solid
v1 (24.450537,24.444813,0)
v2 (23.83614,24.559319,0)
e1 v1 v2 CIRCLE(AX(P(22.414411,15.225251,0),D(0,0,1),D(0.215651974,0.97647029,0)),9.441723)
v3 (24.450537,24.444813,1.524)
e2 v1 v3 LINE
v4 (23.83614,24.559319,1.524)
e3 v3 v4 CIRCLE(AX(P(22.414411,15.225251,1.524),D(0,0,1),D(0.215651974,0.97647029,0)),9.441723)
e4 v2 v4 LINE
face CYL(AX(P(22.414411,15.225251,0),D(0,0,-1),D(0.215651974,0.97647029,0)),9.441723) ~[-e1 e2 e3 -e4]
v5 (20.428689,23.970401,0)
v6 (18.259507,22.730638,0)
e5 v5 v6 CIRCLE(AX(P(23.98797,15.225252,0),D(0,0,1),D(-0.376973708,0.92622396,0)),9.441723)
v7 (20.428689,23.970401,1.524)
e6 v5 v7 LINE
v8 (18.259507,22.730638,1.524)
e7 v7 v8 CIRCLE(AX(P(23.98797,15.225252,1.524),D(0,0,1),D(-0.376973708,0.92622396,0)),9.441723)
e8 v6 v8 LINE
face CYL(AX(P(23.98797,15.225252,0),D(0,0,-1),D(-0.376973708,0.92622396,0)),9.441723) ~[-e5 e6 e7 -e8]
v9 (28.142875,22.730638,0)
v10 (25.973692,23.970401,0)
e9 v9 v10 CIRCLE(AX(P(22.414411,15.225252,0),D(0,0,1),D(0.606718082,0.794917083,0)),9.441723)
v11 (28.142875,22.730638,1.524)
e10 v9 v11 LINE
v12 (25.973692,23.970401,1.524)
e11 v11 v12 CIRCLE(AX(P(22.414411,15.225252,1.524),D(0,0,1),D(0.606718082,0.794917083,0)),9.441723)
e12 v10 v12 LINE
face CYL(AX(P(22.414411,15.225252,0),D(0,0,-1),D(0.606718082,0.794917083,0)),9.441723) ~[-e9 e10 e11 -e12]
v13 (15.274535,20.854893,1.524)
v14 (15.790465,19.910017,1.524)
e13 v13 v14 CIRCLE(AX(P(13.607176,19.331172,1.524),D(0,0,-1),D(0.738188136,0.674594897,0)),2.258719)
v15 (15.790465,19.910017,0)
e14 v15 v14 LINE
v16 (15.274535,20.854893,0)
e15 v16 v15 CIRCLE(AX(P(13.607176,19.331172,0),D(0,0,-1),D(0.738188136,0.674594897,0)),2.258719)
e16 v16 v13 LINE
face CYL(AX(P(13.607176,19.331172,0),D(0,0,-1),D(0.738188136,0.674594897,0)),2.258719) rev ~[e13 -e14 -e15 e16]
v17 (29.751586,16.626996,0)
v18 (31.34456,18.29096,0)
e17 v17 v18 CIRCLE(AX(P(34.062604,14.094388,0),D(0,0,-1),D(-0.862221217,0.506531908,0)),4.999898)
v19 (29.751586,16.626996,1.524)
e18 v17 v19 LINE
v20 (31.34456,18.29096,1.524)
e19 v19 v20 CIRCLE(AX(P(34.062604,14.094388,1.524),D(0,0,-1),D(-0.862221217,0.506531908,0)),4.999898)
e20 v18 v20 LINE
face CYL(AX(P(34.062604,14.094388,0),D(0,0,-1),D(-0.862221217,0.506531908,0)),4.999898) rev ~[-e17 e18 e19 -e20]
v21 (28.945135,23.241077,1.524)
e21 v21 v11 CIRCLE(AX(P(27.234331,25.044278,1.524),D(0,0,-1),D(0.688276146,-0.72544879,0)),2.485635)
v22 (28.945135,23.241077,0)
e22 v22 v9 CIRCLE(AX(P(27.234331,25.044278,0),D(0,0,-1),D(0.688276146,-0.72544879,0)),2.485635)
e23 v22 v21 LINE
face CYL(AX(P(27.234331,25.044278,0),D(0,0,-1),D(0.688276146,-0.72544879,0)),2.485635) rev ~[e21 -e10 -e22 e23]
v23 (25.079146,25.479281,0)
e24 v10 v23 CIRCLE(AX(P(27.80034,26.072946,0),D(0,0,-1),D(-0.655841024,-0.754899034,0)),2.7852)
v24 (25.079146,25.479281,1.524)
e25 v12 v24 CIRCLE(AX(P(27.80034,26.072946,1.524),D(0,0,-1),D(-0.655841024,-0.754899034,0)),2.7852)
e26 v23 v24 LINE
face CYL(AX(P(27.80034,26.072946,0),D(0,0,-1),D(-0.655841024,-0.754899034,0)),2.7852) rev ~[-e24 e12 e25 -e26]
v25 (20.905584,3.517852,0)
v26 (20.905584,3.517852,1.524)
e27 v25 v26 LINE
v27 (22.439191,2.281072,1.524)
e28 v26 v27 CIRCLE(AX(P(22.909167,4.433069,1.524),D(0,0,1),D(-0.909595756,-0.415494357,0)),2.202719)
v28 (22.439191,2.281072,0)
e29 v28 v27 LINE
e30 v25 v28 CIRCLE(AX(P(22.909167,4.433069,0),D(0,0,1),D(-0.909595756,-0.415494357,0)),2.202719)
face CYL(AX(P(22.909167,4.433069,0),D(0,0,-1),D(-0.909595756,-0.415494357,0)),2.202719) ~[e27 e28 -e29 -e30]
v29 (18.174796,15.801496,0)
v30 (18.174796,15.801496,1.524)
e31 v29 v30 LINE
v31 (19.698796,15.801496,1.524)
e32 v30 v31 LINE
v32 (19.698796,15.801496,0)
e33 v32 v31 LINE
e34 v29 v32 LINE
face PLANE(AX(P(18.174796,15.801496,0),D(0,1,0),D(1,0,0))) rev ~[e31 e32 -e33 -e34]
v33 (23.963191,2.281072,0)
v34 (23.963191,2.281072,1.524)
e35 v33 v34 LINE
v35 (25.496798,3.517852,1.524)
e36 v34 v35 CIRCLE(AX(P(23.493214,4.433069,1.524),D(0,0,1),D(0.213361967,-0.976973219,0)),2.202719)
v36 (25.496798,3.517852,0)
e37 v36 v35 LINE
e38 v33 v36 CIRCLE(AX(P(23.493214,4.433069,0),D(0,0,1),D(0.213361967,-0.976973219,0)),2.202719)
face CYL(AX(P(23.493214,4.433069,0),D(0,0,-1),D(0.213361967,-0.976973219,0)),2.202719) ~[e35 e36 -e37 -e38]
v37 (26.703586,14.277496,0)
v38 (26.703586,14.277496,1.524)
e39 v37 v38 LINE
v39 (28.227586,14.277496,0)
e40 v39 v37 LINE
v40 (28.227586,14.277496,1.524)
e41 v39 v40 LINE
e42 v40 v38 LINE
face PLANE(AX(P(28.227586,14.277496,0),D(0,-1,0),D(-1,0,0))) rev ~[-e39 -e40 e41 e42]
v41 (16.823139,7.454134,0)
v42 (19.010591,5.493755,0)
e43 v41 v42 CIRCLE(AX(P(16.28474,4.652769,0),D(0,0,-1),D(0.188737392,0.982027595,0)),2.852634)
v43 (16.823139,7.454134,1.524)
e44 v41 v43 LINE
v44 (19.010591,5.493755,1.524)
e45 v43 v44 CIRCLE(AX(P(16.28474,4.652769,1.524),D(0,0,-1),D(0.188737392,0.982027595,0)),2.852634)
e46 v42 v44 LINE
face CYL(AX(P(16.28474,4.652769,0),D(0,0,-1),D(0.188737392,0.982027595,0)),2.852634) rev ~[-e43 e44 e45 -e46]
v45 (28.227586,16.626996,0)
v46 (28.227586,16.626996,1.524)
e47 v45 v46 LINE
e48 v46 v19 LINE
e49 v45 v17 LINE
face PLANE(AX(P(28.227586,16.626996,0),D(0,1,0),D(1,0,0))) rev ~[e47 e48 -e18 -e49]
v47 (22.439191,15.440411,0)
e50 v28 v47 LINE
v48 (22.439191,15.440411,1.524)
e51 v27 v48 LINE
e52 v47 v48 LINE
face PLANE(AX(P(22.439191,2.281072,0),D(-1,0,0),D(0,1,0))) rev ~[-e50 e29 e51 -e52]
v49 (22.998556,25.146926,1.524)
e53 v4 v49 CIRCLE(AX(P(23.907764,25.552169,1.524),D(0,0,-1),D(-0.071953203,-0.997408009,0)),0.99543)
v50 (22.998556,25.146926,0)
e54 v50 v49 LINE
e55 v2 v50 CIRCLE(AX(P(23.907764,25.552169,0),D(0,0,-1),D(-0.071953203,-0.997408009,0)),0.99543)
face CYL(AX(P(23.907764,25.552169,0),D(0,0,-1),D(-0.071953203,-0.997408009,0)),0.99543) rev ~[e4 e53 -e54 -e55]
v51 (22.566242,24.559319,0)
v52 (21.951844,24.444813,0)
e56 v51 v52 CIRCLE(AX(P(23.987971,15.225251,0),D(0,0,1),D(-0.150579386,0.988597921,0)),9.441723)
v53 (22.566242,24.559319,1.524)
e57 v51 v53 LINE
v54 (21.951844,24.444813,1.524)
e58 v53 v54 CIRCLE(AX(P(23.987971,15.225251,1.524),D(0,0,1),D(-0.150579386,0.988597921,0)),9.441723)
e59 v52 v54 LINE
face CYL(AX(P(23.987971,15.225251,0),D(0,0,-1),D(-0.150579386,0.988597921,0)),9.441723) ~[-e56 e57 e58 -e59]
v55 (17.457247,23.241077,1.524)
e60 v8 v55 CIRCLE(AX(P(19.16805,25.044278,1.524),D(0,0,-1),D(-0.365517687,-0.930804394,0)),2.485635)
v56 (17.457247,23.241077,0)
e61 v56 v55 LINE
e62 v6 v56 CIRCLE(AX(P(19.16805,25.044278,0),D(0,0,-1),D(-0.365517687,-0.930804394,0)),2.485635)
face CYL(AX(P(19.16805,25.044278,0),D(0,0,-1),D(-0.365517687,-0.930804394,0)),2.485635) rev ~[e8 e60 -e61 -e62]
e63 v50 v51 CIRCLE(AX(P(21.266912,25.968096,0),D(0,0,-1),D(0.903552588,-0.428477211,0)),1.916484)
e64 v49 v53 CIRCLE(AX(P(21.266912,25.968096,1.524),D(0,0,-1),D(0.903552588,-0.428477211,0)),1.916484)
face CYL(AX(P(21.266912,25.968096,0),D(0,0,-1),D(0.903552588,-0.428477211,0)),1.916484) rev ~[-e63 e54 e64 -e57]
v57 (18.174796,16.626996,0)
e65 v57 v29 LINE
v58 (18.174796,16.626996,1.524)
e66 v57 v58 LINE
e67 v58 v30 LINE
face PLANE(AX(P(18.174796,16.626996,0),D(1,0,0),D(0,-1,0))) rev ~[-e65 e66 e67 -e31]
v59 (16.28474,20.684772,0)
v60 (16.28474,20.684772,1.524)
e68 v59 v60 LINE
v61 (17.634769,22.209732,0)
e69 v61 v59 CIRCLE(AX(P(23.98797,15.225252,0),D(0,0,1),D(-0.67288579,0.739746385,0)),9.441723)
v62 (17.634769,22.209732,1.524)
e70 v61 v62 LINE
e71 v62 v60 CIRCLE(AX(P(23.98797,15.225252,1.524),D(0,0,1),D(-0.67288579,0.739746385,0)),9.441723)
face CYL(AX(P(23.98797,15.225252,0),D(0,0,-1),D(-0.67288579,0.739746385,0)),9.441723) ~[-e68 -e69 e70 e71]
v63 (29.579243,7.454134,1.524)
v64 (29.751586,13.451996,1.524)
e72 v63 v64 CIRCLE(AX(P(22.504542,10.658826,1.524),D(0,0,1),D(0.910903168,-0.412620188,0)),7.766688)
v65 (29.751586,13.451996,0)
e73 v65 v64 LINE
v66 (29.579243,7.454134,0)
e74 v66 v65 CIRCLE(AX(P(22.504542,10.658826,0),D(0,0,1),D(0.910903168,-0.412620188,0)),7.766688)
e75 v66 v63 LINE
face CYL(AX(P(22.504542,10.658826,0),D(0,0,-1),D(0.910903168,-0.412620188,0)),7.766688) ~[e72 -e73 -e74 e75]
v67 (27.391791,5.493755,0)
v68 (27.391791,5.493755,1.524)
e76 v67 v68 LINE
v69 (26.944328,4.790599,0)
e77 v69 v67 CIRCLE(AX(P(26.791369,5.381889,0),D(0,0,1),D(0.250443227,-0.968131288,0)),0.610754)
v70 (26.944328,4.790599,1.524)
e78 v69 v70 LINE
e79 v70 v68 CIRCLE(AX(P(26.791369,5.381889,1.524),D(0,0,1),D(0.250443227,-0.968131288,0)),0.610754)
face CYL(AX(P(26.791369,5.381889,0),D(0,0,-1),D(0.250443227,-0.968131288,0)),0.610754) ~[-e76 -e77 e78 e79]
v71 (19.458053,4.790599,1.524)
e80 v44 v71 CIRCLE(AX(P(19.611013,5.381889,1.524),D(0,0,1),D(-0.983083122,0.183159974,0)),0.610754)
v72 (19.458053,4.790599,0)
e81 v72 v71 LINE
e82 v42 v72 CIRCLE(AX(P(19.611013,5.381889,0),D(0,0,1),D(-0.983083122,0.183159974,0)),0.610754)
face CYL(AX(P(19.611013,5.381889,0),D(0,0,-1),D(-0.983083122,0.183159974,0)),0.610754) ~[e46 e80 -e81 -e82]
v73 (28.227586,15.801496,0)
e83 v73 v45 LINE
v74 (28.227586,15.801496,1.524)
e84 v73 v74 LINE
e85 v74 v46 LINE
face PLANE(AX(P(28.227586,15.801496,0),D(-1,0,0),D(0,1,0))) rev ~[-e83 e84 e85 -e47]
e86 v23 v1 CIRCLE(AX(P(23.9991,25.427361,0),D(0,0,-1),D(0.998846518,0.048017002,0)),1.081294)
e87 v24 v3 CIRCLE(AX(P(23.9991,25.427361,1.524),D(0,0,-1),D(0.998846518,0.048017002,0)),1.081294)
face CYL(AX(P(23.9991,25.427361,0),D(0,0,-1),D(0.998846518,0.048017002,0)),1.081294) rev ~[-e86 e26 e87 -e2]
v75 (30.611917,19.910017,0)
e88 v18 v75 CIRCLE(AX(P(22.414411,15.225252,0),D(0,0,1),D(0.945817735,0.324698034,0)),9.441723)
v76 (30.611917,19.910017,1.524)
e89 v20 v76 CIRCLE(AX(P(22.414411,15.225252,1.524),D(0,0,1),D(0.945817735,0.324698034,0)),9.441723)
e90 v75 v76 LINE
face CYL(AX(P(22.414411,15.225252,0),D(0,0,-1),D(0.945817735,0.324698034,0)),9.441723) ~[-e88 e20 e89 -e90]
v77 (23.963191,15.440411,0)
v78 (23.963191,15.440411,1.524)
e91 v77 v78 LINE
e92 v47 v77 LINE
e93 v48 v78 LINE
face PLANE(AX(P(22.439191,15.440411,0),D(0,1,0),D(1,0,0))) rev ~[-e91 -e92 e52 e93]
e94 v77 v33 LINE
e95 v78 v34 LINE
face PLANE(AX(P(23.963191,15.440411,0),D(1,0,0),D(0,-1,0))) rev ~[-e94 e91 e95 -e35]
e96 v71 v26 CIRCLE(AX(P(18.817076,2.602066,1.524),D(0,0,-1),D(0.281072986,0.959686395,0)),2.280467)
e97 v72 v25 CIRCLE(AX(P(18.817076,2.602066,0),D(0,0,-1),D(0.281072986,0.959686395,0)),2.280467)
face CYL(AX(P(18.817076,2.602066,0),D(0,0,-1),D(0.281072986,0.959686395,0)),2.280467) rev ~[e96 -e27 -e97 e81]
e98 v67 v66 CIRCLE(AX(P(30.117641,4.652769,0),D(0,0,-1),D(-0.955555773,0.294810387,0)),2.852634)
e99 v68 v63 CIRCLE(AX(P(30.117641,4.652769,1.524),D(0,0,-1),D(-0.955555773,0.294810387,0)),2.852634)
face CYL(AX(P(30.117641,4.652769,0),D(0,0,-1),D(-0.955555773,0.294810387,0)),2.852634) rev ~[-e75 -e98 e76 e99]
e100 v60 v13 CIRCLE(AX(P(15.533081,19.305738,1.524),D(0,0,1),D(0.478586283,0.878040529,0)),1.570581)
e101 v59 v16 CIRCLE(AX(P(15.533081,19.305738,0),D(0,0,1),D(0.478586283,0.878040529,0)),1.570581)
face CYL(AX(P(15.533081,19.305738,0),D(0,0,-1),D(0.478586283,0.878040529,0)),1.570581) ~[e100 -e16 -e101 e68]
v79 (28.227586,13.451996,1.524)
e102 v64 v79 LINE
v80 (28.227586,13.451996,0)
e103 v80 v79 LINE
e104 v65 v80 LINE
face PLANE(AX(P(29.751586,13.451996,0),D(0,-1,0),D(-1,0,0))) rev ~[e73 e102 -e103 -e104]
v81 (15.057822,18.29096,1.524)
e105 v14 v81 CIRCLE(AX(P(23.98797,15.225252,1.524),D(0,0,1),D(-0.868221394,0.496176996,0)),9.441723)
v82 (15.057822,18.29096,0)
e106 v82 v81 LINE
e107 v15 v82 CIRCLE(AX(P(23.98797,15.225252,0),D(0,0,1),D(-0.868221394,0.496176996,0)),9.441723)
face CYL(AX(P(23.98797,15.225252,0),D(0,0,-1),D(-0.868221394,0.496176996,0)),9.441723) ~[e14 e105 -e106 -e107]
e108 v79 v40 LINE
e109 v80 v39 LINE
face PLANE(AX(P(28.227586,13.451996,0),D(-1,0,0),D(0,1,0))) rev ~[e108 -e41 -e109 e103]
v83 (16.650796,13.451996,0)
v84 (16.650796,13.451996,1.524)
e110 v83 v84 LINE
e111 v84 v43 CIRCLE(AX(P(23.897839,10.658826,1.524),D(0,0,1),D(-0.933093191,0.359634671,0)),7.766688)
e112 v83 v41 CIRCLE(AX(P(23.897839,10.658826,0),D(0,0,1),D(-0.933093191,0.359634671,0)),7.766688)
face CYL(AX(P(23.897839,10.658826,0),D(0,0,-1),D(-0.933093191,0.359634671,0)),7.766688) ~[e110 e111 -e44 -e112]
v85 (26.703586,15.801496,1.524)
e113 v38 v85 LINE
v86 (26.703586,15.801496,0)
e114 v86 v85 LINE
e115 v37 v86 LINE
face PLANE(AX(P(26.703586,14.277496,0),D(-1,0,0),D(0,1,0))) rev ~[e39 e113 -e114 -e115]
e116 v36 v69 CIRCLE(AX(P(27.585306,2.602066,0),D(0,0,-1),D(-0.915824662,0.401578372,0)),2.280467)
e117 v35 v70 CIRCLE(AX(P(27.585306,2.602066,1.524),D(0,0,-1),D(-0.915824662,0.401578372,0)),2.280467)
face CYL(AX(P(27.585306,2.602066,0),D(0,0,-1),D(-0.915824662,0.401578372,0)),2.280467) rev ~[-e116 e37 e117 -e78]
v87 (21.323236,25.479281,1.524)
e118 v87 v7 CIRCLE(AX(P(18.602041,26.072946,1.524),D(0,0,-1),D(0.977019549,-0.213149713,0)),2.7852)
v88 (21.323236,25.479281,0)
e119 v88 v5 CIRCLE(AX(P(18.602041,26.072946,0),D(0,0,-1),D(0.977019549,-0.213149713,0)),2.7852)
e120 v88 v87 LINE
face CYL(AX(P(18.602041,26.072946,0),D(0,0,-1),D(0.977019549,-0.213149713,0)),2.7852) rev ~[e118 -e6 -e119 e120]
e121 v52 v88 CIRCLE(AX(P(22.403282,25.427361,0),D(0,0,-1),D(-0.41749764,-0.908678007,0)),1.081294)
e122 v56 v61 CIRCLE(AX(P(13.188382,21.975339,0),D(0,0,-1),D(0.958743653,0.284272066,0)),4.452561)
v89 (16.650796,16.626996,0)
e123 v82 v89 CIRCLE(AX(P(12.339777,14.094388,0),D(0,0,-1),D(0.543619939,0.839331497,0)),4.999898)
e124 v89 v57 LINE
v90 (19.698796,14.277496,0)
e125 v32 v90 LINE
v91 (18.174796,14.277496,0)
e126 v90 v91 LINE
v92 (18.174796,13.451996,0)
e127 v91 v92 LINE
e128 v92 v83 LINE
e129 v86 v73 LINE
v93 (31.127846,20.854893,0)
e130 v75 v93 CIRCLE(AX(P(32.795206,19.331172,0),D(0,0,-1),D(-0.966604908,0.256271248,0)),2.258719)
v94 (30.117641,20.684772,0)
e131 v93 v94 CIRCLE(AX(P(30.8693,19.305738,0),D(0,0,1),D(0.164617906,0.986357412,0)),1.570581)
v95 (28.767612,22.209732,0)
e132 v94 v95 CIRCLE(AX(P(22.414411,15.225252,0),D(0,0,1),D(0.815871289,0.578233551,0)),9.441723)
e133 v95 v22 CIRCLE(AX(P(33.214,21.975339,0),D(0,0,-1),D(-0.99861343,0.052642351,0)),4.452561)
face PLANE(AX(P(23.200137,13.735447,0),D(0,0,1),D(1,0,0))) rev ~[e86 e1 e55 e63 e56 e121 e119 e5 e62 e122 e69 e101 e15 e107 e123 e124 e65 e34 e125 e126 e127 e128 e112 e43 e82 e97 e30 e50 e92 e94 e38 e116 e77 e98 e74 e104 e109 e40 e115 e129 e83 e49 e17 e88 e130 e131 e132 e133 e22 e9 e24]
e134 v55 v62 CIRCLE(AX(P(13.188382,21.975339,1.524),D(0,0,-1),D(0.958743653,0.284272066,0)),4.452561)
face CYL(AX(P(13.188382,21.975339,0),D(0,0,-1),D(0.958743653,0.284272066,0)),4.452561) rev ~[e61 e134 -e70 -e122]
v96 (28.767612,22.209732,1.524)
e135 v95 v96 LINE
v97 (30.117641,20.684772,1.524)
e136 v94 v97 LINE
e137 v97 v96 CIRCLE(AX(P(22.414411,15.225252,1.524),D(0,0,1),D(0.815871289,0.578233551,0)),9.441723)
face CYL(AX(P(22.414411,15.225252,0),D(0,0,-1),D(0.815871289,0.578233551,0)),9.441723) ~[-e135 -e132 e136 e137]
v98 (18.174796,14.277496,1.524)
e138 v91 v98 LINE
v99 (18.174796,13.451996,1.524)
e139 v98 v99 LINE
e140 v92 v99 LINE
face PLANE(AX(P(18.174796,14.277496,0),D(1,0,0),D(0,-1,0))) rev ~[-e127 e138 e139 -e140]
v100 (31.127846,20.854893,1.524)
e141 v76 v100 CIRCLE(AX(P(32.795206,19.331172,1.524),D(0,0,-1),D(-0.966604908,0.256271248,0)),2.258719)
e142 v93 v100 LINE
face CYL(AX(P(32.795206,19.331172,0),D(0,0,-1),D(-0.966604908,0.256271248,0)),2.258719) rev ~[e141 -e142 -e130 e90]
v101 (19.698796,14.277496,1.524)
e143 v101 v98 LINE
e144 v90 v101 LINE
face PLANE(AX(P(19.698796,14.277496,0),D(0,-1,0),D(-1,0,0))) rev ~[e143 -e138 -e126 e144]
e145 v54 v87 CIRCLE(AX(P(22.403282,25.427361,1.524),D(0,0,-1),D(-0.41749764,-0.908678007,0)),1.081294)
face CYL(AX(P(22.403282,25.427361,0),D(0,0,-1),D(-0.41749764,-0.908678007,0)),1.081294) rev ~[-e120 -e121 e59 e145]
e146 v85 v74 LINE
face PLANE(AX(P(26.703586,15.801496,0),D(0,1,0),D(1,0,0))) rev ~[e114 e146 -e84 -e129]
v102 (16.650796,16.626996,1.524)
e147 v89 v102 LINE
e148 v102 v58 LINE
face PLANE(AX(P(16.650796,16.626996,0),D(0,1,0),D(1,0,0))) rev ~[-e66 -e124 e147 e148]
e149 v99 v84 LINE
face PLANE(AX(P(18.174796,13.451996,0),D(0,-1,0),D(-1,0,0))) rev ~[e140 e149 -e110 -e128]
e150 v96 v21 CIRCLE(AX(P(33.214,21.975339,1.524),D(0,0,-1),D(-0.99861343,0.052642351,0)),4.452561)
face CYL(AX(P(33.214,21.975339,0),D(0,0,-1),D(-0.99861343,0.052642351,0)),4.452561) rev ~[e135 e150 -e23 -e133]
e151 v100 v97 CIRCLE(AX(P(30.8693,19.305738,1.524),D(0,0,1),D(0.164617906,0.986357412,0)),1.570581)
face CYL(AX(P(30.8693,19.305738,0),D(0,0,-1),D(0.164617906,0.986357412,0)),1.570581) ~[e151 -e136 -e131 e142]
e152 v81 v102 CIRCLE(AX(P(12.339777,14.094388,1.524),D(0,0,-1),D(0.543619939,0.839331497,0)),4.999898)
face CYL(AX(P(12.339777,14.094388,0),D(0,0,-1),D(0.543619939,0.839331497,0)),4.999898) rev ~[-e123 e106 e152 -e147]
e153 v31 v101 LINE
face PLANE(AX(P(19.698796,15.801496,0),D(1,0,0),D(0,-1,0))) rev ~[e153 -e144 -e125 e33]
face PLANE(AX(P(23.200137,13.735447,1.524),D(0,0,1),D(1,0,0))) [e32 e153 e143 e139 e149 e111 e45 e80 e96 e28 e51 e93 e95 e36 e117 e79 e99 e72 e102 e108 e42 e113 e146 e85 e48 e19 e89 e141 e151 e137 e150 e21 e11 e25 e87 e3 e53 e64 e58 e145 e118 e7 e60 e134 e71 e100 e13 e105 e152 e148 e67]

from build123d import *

# Parameters (mm, degrees)
BOSS_EXTRUDE2_DEPTH = 1.524


with BuildPart() as part:
    # Sketch1 → Boss-Extrude2 (new body)
    with BuildSketch(Plane.XY):
        with BuildLine():
            Line((22.439190696, 2.281072115), (22.439190696, 15.440411119))
            Line((22.439190696, 15.440411119), (23.963190696, 15.440411119))
            Line((23.963190696, 15.440411119), (23.963190696, 2.281072115))
            ThreePointArc((23.963190696, 2.281072115), (24.875976359, 2.718444333), (25.496797873, 3.517852096))
            ThreePointArc((25.496797873, 3.517852096), (26.079485641, 4.314676532), (26.944327918, 4.790598847))
            ThreePointArc((26.944327918, 4.790598847), (27.306638474, 5.053990144), (27.391790825, 5.493754843))
            ThreePointArc((27.391790825, 5.493754843), (28.213802596, 6.77713145), (29.579242724, 7.454133758))
            ThreePointArc((29.579242724, 7.454133758), (30.268025744, 10.435749579), (29.751585716, 13.451996362))
            Line((29.751585716, 13.451996362), (28.227585716, 13.451996362))
            Line((28.227585716, 13.451996362), (28.227585716, 14.277496362))
            Line((28.227585716, 14.277496362), (26.703585716, 14.277496362))
            Line((26.703585716, 14.277496362), (26.703585716, 15.801496362))
            Line((26.703585716, 15.801496362), (28.227585716, 15.801496362))
            Line((28.227585716, 15.801496362), (28.227585716, 16.626996362))
            Line((28.227585716, 16.626996362), (29.751585716, 16.626996362))
            ThreePointArc((29.751585716, 16.626996362), (30.450938942, 17.551968079), (31.344559642, 18.290960401))
            ThreePointArc((31.344559642, 18.290960401), (31.016414864, 19.117764263), (30.611916517, 19.910017196))
            ThreePointArc((30.611916517, 19.910017196), (30.812764797, 20.413642259), (31.127845897, 20.854892911))
            ThreePointArc((31.127845897, 20.854892911), (30.608483418, 20.85451221), (30.117641351, 20.684772426))
            ThreePointArc((30.117641351, 20.684772426), (29.483865735, 21.483760637), (28.767611914, 22.209731818))
            ThreePointArc((28.767611914, 22.209731818), (28.825967468, 22.730638245), (28.945134545, 23.241077355))
            ThreePointArc((28.945134545, 23.241077355), (28.568640605, 22.947137357), (28.142874774, 22.730638245))
            ThreePointArc((28.142874774, 22.730638245), (27.099472832, 23.422587859), (25.973692104, 23.970401362))
            ThreePointArc((25.973692104, 23.970401362), (25.40453187, 24.652580061), (25.079145794, 25.479281369))
            ThreePointArc((25.079145794, 25.479281369), (24.923162133, 24.865841557), (24.450537029, 24.444813273))
            ThreePointArc((24.450537029, 24.444813273), (24.144286047, 24.507151138), (23.836139674, 24.559319007))
            ThreePointArc((23.836139674, 24.559319007), (23.336074732, 24.737274916), (22.998556028, 25.146926447))
            ThreePointArc((22.998556028, 25.146926447), (22.81061569, 24.832363061), (22.566241718, 24.559319007))
            ThreePointArc((22.566241718, 24.559319007), (22.258095346, 24.507151138), (21.951844363, 24.444813273))
            ThreePointArc((21.951844363, 24.444813273), (21.47921926, 24.865841557), (21.323235599, 25.479281369))
            ThreePointArc((21.323235599, 25.479281369), (20.997849523, 24.652580061), (20.428689288, 23.970401362))
            ThreePointArc((20.428689288, 23.970401362), (19.302908561, 23.422587859), (18.259506619, 22.730638245))
            ThreePointArc((18.259506619, 22.730638245), (17.833740787, 22.947137357), (17.457246848, 23.241077355))
            ThreePointArc((17.457246848, 23.241077355), (17.576413925, 22.730638245), (17.634769478, 22.209731818))
            ThreePointArc((17.634769478, 22.209731818), (16.918515657, 21.483760637), (16.284740042, 20.684772426))
            ThreePointArc((16.284740042, 20.684772426), (15.793897974, 20.85451221), (15.274535496, 20.854892911))
            ThreePointArc((15.274535496, 20.854892911), (15.589616595, 20.413642259), (15.790464876, 19.910017196))
            ThreePointArc((15.790464876, 19.910017196), (15.385966529, 19.117764263), (15.05782175, 18.290960401))
            ThreePointArc((15.05782175, 18.290960401), (15.951442451, 17.551968079), (16.650795677, 16.626996362))
            Line((16.650795677, 16.626996362), (18.174795677, 16.626996362))
            Line((18.174795677, 16.626996362), (18.174795677, 15.801496362))
            Line((18.174795677, 15.801496362), (19.698795677, 15.801496362))
            Line((19.698795677, 15.801496362), (19.698795677, 14.277496362))
            Line((19.698795677, 14.277496362), (18.174795677, 14.277496362))
            Line((18.174795677, 14.277496362), (18.174795677, 13.451996362))
            Line((18.174795677, 13.451996362), (16.650795677, 13.451996362))
            ThreePointArc((16.650795677, 13.451996362), (16.134355649, 10.435749579), (16.823138669, 7.454133758))
            ThreePointArc((16.823138669, 7.454133758), (18.188578797, 6.77713145), (19.010590568, 5.493754843))
            ThreePointArc((19.010590568, 5.493754843), (19.095742919, 5.053990144), (19.458053474, 4.790598847))
            ThreePointArc((19.458053474, 4.790598847), (20.322895752, 4.314676532), (20.905583519, 3.517852096))
            ThreePointArc((20.905583519, 3.517852096), (21.526405033, 2.718444333), (22.439190696, 2.281072115))
        make_face()
    extrude(amount=BOSS_EXTRUDE2_DEPTH)


solid = part.part
